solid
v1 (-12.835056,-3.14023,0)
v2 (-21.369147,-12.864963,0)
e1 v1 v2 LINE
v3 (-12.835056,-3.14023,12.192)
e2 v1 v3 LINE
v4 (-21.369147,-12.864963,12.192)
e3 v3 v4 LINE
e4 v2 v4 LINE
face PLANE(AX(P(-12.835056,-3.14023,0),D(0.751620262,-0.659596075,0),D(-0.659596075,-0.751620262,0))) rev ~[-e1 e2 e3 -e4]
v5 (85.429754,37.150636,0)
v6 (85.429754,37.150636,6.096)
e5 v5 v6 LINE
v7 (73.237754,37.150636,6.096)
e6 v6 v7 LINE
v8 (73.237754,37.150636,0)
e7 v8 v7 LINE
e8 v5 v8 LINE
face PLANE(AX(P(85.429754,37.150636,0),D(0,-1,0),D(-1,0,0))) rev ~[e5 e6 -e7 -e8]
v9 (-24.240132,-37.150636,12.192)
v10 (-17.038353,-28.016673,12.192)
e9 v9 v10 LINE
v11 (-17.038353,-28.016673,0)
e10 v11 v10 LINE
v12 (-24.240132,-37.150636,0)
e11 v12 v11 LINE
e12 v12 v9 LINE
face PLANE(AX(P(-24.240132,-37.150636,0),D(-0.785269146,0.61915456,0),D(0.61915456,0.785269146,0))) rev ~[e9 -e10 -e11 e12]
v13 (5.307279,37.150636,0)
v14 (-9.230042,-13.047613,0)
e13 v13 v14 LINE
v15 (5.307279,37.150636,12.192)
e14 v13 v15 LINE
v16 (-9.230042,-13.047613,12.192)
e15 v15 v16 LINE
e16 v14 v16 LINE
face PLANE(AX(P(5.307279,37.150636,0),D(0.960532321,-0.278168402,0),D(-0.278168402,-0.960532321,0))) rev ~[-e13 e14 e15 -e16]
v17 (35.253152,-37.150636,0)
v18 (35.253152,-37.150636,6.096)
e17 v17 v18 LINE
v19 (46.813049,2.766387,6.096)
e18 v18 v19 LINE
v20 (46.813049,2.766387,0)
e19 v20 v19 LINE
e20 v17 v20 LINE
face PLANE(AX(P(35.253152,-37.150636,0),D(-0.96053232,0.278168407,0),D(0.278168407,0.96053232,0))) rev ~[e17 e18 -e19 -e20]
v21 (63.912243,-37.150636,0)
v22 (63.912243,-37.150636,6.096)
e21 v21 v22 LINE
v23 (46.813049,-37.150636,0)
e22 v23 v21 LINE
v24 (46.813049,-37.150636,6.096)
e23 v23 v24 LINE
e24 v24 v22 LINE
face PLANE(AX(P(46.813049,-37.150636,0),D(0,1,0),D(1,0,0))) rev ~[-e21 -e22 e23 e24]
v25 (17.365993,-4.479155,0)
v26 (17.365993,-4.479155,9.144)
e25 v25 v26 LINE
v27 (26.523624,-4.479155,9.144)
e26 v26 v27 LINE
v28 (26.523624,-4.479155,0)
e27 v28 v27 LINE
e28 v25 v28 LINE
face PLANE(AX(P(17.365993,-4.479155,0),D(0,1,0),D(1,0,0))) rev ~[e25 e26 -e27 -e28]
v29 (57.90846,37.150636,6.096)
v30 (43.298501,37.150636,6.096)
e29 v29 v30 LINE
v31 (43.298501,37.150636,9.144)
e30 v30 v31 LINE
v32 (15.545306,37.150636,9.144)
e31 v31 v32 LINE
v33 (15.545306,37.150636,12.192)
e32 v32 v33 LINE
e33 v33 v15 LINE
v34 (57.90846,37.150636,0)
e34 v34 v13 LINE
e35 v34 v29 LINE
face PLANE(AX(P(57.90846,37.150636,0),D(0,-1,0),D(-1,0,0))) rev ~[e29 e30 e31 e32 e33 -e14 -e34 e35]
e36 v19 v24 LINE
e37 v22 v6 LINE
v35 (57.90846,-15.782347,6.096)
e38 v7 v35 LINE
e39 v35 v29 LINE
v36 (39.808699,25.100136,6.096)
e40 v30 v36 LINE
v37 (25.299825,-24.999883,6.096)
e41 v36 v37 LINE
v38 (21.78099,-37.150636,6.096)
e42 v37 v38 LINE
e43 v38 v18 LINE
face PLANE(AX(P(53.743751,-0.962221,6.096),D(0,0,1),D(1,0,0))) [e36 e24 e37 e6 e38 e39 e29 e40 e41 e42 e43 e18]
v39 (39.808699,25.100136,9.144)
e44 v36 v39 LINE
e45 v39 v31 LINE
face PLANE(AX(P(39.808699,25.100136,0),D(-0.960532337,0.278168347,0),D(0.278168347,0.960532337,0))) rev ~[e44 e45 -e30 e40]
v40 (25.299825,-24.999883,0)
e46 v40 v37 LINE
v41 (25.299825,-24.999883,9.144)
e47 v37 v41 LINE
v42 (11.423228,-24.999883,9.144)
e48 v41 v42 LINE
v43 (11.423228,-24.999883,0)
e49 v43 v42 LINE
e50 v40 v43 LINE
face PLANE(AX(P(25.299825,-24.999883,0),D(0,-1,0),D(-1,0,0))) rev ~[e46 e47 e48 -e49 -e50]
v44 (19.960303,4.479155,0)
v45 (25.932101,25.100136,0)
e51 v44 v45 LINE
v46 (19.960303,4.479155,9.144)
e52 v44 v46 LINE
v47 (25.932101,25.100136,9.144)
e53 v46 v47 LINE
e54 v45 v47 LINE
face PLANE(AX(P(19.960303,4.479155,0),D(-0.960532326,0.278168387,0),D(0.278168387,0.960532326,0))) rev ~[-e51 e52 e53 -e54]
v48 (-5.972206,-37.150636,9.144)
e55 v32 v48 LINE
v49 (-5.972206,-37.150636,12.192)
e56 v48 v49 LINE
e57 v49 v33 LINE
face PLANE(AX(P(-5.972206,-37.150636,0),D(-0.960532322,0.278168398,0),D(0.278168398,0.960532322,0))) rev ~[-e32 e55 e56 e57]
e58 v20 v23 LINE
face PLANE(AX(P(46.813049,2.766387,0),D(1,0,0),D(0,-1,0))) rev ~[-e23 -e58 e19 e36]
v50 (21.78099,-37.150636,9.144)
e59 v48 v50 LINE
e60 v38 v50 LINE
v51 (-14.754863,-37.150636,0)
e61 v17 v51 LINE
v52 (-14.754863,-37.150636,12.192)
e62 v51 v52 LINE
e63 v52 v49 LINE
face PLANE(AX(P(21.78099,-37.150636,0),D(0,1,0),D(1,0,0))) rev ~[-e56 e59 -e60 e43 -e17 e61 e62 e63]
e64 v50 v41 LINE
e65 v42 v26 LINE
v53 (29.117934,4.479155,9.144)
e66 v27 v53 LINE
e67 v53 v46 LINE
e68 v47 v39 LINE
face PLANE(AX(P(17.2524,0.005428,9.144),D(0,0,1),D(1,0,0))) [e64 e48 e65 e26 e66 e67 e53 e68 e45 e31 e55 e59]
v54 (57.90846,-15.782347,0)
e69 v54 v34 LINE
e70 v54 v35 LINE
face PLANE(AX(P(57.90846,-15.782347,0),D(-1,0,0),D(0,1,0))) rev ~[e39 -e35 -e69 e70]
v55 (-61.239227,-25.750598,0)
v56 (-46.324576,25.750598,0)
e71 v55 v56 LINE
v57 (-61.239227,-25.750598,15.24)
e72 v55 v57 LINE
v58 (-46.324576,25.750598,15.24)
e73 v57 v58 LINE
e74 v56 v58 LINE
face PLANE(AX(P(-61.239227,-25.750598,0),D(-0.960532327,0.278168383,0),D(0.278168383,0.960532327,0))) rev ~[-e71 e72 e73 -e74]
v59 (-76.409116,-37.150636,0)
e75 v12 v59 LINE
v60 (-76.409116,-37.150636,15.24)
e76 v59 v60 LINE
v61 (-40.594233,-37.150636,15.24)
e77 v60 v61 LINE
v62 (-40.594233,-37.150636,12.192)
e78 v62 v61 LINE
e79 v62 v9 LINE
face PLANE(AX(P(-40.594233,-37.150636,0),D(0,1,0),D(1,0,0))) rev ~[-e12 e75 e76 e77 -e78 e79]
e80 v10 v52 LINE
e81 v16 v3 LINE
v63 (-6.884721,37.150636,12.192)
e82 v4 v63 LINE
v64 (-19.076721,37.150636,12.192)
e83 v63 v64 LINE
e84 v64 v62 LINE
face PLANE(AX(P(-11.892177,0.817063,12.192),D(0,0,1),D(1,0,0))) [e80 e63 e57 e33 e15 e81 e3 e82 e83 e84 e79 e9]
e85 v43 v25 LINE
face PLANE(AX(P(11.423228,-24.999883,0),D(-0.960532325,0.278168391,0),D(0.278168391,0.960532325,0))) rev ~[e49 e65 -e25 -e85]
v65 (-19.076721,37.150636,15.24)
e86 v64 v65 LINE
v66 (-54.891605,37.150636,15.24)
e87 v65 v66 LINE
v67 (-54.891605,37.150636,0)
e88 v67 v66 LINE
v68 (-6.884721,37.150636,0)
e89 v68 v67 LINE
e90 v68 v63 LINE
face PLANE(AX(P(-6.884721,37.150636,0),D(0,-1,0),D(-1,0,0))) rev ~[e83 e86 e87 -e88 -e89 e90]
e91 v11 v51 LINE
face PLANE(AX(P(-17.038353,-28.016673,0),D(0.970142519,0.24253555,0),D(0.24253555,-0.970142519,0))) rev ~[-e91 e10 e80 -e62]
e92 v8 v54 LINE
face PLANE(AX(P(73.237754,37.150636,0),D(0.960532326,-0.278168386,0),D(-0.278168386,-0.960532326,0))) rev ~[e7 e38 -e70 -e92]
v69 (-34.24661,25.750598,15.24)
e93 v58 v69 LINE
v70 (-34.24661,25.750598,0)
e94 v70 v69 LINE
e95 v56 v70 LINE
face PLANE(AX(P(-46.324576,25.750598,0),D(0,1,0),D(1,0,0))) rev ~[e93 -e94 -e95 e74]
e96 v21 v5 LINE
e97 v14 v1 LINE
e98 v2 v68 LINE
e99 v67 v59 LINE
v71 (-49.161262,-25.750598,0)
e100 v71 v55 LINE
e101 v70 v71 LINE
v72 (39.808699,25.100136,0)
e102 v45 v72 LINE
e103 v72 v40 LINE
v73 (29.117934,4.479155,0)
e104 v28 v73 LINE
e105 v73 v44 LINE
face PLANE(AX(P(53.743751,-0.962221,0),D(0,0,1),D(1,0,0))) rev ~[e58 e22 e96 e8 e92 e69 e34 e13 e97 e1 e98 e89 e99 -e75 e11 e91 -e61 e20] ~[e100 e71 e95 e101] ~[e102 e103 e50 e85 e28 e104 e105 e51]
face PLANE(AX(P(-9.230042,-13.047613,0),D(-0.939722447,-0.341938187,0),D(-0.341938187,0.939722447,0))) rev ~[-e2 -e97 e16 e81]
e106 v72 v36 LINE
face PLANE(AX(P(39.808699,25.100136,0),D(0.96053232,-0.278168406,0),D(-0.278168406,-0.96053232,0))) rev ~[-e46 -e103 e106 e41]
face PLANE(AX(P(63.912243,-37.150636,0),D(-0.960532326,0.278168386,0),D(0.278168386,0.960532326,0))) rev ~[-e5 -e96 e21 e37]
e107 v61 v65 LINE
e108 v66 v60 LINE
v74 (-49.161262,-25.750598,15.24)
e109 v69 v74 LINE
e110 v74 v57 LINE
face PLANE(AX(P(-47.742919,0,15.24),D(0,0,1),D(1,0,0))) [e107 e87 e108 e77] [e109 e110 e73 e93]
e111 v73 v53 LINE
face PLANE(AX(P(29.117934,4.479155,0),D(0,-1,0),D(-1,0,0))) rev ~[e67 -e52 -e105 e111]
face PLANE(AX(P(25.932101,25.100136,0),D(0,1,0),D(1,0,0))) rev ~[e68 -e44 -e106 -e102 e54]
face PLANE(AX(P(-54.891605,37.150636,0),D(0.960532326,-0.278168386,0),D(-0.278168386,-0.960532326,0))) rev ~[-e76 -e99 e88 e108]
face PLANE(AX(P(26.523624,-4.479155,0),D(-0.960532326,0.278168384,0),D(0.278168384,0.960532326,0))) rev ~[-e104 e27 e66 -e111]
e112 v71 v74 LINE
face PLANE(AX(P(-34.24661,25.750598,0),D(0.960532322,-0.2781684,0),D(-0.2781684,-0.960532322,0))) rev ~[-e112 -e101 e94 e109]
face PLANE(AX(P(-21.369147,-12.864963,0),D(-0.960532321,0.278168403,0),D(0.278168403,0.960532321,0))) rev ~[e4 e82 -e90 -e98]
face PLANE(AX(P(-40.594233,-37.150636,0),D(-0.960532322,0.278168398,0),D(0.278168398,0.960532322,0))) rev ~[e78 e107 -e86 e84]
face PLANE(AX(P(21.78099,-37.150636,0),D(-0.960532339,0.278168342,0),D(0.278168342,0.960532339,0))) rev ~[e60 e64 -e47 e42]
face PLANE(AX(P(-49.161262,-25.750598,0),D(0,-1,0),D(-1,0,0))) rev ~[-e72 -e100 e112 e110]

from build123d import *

# Parameters (mm, degrees)
F1_DEPTH = 15.24
F2_DEPTH = 12.192
F3_DEPTH = 9.144
F4_DEPTH = 6.096


with BuildPart() as f1:
    # F0 (on Top) → F1 (new body)
    with BuildSketch(Plane.XY):
        Polygon((-19.076721, 37.150636), (-54.891605, 37.150636), (-76.409116, -37.150636), (-40.594233, -37.150636), align=None)
        Polygon((-61.239227, -25.750598), (-46.324576, 25.750598), (-34.24661, 25.750598), (-49.161262, -25.750598), align=None, mode=Mode.SUBTRACT)
    extrude(amount=F1_DEPTH)

    # F0 (on Top) → F2 (join)
    with BuildSketch(Plane.XY):
        Polygon((-6.884721, 37.150636), (-19.076721, 37.150636), (-40.594233, -37.150636), (-24.240132, -37.150636), (-17.038353, -28.016673), (-14.754863, -37.150636), (-5.972206, -37.150636), (15.545306, 37.150636), (5.307279, 37.150636), (-9.230042, -13.047613), (-12.835056, -3.14023), (-21.369147, -12.864963), align=None)
    extrude(amount=F2_DEPTH)

    # F0 (on Top) → F3 (join)
    with BuildSketch(Plane.XY):
        Polygon((43.298501, 37.150636), (15.545306, 37.150636), (-5.972206, -37.150636), (21.78099, -37.150636), (25.299825, -24.999883), (11.423228, -24.999883), (17.365993, -4.479155), (26.523624, -4.479155), (29.117934, 4.479155), (26.523624, 4.479155), (19.960303, 4.479155), (25.932101, 25.100136), (39.808699, 25.100136), align=None)
    extrude(amount=F3_DEPTH)

    # F0 (on Top) → F4 (join)
    with BuildSketch(Plane.XY):
        Polygon((57.90846, 37.150636), (43.298501, 37.150636), (39.808699, 25.100136), (25.299825, -24.999883), (21.78099, -37.150636), (35.253152, -37.150636), (46.813049, 2.766387), (46.813049, -7.282906), (46.813049, -37.150636), (49.582697, -37.150636), (63.912243, -37.150636), (85.429754, 37.150636), (73.237754, 37.150636), (57.90846, -15.782347), align=None)
    extrude(amount=F4_DEPTH)


solid = f1.part
